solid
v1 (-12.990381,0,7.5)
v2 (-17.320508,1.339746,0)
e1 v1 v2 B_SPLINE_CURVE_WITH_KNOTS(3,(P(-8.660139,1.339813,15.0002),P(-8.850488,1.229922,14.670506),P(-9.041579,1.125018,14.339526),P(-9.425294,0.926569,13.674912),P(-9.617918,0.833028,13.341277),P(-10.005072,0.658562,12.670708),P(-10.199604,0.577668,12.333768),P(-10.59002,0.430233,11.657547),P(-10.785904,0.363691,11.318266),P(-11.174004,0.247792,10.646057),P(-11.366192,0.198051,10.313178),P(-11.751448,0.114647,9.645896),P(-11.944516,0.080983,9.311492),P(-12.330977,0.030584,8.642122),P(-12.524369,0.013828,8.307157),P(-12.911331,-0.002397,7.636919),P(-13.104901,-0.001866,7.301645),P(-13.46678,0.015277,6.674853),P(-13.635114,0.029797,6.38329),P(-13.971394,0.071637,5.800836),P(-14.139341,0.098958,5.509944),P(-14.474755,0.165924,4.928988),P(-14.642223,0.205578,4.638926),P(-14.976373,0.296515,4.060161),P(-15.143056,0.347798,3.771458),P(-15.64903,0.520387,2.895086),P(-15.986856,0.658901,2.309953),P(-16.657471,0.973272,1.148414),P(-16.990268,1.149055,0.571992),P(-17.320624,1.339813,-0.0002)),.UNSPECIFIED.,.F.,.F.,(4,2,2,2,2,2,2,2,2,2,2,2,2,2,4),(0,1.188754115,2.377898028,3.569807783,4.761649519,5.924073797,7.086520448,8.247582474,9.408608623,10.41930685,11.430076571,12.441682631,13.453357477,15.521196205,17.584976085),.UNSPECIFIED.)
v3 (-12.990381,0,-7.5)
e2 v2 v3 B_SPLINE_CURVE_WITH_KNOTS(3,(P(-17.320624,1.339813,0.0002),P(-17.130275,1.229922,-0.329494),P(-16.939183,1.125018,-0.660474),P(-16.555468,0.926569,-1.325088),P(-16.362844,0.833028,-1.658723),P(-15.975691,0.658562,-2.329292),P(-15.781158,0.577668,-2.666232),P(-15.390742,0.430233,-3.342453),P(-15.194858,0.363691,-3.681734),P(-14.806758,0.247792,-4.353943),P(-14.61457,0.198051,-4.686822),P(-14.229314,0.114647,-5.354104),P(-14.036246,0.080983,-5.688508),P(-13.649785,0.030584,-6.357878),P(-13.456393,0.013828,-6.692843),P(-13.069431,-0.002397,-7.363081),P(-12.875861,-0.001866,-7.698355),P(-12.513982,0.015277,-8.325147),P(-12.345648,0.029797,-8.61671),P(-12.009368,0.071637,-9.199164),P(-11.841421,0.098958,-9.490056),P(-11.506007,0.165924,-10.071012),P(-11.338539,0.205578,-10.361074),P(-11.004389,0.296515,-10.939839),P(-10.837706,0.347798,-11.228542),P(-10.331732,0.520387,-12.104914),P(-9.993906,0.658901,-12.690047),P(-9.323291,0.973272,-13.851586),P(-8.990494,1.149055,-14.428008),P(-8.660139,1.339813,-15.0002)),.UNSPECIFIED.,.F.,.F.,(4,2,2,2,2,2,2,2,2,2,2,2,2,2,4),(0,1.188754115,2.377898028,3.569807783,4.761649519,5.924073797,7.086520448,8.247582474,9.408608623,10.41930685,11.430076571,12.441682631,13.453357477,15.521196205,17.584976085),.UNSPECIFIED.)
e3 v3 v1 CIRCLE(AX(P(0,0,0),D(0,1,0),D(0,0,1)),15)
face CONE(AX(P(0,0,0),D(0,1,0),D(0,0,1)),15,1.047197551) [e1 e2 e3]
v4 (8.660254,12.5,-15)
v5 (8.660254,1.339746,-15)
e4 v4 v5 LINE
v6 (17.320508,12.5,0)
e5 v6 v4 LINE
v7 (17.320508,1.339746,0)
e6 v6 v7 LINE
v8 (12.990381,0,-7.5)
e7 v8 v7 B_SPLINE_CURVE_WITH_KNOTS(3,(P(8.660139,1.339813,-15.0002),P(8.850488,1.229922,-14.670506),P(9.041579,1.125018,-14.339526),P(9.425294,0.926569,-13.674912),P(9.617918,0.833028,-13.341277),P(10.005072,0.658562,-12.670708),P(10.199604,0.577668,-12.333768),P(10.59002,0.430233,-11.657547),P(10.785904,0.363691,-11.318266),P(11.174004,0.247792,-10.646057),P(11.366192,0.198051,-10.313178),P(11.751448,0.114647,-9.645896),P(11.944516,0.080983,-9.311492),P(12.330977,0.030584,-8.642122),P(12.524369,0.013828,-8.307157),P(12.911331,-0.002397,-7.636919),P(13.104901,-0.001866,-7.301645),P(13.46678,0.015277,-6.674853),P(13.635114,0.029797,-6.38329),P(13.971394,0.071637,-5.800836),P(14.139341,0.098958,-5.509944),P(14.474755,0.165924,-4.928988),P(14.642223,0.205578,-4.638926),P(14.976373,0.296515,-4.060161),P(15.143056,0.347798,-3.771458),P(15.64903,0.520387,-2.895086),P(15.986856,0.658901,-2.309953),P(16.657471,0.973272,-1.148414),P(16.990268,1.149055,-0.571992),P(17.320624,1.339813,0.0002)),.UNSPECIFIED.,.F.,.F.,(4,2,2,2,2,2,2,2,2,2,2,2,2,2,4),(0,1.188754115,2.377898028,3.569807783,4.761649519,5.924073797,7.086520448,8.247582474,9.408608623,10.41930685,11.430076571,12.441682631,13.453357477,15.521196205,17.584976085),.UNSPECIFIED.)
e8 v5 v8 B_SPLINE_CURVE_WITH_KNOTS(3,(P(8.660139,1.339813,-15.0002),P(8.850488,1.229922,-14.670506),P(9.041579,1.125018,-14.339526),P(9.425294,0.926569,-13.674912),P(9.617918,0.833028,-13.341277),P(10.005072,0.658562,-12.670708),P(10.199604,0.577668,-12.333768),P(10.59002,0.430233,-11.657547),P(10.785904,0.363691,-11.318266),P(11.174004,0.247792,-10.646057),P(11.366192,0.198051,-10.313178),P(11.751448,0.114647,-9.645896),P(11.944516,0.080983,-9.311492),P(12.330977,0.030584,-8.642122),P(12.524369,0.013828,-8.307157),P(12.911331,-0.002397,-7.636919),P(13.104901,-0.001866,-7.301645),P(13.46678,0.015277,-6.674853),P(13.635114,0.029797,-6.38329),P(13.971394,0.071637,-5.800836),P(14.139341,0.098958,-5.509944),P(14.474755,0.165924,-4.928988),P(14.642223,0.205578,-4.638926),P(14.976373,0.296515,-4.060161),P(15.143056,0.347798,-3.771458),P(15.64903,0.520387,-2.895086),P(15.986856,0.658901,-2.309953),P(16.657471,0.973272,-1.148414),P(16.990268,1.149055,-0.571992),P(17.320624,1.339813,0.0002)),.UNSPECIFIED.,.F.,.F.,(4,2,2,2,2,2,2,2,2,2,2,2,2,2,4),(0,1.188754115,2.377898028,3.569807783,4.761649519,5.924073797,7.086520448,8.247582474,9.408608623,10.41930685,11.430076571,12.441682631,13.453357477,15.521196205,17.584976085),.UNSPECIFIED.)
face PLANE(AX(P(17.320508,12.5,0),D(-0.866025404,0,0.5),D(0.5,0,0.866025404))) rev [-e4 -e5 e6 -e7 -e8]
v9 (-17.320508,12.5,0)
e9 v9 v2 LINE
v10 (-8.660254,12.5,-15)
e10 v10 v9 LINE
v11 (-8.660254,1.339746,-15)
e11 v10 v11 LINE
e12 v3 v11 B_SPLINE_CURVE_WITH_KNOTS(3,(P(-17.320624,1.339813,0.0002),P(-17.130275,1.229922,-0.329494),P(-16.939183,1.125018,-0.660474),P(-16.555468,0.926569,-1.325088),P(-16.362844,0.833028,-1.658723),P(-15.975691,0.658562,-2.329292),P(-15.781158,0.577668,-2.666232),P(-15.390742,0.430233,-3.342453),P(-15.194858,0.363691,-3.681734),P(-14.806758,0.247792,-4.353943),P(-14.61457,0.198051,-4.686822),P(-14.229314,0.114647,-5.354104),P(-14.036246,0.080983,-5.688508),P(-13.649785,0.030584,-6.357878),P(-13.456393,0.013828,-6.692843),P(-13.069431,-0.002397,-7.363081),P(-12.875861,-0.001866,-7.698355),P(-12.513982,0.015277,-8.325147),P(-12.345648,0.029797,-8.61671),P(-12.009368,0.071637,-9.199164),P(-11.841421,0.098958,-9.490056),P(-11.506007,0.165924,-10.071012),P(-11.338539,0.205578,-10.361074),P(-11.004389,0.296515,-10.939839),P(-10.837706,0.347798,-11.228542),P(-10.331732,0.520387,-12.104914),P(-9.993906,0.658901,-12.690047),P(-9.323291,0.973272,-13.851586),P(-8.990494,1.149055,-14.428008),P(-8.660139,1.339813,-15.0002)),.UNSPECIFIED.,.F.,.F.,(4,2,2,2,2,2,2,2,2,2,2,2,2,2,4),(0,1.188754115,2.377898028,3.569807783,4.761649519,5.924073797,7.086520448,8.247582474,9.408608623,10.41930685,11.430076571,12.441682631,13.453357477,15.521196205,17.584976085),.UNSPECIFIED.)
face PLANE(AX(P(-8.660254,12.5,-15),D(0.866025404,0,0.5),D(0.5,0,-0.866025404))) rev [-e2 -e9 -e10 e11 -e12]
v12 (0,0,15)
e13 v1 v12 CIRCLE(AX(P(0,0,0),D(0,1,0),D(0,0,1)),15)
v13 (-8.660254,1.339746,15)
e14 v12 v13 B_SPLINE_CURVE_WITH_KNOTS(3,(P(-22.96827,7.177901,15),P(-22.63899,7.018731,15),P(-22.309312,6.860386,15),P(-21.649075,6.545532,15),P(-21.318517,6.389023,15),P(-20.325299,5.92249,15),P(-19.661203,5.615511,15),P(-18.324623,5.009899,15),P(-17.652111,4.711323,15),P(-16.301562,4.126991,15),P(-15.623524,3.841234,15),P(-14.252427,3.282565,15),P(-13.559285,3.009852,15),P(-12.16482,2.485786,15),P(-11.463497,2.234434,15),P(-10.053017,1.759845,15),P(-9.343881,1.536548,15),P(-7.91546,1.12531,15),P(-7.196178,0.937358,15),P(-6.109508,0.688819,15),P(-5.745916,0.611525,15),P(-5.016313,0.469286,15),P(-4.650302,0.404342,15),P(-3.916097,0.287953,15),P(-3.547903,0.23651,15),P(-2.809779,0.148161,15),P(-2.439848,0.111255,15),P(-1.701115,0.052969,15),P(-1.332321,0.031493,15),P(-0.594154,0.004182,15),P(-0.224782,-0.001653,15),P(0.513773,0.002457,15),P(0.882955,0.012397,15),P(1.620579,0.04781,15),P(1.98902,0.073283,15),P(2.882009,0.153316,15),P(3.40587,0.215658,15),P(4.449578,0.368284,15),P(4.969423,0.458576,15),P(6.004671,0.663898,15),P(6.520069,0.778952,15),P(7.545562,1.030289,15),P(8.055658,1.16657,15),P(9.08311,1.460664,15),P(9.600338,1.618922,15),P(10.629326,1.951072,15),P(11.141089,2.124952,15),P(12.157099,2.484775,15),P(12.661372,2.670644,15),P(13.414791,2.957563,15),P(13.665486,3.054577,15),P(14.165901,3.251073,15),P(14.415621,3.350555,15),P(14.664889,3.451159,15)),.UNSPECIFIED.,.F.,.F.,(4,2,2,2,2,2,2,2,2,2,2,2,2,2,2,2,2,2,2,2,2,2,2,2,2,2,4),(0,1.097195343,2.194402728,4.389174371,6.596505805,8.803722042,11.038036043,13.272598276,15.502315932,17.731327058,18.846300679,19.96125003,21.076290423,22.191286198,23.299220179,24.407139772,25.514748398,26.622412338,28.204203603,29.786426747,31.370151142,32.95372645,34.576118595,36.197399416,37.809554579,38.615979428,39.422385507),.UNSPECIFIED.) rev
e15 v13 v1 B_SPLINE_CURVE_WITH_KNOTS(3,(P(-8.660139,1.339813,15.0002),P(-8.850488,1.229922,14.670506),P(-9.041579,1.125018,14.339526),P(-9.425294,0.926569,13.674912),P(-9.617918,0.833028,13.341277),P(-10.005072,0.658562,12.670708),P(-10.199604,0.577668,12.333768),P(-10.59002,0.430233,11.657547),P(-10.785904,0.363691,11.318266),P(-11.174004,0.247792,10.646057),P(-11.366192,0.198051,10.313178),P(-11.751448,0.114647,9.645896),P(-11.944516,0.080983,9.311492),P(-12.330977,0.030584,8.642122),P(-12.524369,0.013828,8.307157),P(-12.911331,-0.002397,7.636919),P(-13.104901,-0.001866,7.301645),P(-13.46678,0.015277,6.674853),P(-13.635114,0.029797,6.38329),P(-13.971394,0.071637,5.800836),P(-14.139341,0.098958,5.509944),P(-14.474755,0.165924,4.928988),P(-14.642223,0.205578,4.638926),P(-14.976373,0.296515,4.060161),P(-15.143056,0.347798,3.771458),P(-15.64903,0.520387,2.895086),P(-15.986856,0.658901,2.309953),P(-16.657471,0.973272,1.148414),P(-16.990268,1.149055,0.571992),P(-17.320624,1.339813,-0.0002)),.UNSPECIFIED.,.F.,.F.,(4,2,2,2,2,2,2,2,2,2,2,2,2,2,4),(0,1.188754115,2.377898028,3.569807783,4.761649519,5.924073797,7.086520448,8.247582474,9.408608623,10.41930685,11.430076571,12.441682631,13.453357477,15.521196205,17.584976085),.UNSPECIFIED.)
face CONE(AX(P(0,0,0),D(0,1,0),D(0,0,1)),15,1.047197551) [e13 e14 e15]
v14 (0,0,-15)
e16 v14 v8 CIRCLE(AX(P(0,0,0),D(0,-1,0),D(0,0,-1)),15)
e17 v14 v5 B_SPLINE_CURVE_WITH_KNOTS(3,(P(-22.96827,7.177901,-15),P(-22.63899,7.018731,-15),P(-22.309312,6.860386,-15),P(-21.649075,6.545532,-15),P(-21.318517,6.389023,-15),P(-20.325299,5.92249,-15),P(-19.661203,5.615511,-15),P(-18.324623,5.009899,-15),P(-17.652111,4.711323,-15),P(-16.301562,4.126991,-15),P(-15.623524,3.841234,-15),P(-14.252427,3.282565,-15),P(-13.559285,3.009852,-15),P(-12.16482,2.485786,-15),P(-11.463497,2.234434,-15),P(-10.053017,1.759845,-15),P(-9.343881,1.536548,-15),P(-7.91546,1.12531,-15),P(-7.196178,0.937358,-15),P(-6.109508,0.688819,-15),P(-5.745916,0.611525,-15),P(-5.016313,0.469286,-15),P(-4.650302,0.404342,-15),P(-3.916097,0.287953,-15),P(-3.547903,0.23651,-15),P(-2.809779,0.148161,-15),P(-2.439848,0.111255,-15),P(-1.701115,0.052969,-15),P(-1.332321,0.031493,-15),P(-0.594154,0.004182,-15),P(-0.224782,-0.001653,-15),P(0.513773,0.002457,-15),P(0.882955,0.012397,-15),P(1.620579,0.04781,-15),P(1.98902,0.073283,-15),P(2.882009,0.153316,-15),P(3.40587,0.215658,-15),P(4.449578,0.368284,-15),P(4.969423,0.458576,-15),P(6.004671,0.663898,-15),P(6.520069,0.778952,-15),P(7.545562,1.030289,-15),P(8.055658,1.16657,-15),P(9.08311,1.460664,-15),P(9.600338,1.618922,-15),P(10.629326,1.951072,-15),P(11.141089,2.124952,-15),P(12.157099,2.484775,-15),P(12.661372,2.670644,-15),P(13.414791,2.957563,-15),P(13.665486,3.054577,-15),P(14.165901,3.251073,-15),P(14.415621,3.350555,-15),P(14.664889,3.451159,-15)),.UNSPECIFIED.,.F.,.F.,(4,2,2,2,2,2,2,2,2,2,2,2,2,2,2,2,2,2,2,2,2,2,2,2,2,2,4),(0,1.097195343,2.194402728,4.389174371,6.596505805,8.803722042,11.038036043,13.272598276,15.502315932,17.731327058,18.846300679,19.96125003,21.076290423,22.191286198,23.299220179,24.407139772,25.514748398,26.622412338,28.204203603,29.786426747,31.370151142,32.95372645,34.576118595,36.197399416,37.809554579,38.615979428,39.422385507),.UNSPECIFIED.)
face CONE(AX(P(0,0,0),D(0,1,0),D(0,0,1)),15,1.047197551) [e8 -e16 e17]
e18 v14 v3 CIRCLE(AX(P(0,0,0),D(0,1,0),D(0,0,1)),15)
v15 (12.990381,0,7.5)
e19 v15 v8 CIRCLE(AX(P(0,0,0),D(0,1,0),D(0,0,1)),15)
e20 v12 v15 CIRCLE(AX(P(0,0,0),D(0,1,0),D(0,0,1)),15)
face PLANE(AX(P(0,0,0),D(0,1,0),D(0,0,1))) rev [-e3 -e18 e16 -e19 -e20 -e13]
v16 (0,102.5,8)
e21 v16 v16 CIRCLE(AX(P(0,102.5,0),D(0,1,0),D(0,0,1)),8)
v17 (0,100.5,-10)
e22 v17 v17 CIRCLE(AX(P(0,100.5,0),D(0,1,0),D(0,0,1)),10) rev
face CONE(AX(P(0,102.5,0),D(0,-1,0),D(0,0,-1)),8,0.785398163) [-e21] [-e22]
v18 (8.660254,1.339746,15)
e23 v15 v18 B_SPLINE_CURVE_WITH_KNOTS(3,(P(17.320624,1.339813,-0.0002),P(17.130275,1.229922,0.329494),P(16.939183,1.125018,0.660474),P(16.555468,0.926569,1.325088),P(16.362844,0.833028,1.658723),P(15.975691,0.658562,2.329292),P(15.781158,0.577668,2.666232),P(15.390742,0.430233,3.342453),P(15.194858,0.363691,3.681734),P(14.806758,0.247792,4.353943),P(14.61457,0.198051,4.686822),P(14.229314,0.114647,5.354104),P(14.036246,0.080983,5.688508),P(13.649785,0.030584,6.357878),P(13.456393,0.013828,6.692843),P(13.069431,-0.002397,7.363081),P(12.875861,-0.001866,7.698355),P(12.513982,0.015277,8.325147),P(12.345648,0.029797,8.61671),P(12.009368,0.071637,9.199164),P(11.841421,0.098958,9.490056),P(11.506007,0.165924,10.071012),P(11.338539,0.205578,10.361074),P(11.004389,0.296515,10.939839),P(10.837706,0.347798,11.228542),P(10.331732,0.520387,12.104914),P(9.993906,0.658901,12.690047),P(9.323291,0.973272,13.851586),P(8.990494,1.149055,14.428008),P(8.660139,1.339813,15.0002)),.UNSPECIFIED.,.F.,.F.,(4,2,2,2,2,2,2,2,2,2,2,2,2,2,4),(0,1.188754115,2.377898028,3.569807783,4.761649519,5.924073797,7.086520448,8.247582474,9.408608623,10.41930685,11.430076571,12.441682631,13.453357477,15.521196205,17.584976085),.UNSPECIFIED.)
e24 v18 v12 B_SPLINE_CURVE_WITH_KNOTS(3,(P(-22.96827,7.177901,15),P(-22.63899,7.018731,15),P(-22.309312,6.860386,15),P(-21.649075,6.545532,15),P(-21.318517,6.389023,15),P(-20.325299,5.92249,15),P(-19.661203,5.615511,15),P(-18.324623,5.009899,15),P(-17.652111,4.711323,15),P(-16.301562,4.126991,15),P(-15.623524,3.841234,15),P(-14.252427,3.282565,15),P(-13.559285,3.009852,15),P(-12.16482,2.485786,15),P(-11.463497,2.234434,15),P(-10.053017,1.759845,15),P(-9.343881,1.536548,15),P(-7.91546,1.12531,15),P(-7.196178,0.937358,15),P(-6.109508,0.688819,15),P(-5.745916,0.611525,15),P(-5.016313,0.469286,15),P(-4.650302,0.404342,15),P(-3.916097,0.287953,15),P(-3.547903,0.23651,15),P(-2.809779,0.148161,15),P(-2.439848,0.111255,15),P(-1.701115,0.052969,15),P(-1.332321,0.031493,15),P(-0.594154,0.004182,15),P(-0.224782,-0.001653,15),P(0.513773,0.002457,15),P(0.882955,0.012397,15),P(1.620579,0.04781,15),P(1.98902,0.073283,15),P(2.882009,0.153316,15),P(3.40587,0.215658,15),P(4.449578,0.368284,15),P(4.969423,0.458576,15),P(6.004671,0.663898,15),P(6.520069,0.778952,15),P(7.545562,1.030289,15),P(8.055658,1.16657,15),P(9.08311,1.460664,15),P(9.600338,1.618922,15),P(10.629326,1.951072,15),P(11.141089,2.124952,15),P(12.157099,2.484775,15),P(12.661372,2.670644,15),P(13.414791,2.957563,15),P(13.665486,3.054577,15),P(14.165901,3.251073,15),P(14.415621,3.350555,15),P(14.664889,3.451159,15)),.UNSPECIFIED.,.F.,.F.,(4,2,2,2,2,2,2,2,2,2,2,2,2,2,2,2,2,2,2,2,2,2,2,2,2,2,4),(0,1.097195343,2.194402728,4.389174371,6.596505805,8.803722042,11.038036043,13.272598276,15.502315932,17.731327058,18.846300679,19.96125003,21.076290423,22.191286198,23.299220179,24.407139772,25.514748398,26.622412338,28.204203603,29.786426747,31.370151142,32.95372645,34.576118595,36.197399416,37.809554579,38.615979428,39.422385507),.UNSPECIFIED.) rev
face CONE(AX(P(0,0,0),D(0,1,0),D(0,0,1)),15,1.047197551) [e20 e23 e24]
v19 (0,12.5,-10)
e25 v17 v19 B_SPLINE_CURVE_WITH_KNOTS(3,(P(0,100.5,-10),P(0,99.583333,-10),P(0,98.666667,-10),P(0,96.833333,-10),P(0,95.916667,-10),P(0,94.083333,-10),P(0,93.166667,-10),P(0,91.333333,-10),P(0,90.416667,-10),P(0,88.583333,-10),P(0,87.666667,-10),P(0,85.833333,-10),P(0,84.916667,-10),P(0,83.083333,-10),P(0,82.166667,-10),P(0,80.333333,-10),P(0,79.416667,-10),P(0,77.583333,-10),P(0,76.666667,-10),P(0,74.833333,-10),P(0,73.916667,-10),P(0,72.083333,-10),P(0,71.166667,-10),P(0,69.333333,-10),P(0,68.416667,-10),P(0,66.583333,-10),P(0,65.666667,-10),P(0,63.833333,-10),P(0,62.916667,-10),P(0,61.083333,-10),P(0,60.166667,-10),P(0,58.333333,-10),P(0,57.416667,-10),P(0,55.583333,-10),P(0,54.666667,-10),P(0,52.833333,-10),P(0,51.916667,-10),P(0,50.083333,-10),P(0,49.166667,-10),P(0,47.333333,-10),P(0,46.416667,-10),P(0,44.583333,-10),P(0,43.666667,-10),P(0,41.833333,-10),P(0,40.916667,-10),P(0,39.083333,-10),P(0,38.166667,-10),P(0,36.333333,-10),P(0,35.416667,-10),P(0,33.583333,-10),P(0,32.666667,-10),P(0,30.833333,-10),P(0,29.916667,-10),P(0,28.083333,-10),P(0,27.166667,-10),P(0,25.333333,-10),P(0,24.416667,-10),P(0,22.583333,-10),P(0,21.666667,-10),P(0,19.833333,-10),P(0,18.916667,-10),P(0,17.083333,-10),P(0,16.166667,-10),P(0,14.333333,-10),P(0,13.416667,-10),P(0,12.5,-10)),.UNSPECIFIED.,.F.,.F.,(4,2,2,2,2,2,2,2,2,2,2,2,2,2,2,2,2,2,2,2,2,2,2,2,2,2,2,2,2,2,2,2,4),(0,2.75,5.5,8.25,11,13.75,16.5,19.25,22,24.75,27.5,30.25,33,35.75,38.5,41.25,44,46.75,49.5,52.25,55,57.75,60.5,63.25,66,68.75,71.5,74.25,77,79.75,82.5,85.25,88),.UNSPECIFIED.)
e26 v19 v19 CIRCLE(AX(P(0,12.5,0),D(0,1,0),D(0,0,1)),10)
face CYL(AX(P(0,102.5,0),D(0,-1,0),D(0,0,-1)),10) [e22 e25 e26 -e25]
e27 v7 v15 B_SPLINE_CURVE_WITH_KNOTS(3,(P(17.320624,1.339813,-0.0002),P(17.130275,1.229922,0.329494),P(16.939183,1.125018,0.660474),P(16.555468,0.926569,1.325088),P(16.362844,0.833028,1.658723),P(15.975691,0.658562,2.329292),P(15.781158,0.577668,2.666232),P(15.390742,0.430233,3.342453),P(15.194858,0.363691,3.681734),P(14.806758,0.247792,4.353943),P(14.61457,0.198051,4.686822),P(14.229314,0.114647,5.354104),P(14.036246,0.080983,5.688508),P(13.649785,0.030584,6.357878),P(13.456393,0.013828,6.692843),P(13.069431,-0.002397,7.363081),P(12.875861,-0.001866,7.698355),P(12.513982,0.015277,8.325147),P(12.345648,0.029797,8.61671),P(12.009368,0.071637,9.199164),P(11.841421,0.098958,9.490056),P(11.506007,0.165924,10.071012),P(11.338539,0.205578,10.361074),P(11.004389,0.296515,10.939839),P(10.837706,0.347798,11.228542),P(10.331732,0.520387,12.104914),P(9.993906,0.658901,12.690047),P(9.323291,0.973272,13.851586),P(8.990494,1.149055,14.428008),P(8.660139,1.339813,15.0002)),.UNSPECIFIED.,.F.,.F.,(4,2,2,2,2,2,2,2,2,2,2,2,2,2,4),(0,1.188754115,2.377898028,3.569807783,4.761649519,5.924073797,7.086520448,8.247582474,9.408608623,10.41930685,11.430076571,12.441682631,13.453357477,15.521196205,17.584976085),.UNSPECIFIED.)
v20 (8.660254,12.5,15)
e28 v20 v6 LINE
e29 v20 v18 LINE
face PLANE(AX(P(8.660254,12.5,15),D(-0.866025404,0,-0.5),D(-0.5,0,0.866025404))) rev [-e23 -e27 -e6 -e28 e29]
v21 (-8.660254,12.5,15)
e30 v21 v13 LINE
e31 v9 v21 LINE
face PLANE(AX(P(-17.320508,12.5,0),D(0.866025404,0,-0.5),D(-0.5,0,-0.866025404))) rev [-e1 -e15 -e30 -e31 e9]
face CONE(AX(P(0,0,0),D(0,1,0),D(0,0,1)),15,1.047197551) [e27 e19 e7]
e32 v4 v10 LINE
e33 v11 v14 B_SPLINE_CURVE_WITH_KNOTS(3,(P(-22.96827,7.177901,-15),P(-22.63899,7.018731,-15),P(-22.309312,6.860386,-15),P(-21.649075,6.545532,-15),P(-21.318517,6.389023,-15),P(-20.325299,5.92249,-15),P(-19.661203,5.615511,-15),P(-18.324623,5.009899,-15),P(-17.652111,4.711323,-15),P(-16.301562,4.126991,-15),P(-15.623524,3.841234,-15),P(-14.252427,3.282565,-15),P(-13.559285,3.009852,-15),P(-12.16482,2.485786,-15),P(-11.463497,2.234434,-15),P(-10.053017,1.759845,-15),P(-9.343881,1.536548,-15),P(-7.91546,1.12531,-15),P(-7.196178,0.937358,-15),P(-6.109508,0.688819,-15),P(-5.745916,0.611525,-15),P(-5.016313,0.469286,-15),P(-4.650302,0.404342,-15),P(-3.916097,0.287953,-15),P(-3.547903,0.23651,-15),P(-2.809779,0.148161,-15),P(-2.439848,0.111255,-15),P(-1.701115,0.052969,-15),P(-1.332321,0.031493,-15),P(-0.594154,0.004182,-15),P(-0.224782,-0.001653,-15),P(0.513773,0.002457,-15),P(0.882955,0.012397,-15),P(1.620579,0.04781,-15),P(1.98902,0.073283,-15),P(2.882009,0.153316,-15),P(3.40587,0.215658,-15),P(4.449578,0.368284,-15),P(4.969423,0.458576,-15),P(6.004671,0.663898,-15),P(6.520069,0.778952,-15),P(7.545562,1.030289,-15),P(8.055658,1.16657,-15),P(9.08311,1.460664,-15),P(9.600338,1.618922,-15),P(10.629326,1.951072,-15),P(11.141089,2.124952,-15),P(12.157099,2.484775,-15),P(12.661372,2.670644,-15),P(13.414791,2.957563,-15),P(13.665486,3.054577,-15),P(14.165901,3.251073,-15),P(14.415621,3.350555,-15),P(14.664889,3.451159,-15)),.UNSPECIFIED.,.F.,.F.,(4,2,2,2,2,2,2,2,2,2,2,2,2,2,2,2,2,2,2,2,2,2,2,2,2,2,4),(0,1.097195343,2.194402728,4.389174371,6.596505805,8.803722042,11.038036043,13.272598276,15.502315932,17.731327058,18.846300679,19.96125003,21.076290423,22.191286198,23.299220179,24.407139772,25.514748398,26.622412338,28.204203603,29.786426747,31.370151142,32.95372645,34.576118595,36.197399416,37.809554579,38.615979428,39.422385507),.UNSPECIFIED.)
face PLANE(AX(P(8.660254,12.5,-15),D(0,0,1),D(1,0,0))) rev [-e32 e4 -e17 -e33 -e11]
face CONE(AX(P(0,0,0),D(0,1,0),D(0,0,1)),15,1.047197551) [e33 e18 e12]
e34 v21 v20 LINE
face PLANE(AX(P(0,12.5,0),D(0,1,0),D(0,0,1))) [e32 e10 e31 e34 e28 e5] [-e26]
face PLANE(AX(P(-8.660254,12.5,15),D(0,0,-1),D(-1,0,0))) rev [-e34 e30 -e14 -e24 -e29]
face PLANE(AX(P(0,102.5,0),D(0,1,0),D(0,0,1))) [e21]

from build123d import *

# Parameters (mm, degrees)
EXTRUDE_1_DEPTH = 12.5
SKETCH_2_R      = 10
EXTRUDE_2_DEPTH = 90
CHAMFER_1_SIZE  = 2


with BuildPart() as part:
    # 草图1 → 凸台-拉伸1 (new body)
    with BuildSketch(Plane(origin=(0, 0, 0), x_dir=(1, 0, 0), z_dir=(0, 1, 0))):
        Polygon((8.660254038, -15), (17.320508076, 0), (8.660254038, 15), (-8.660254038, 15), (-17.320508076, 0), (-8.660254038, -15), align=None)
    extrude(amount=EXTRUDE_1_DEPTH)

    # 草图2 → 凸台-拉伸2 (add)
    with BuildSketch(Plane(origin=(0, 12.5, 0), x_dir=(1, 0, 0), z_dir=(0, 1, 0))):
        with Locations(Location((0, 0, 0), (0, 0, 90))):
            Circle(SKETCH_2_R)
    extrude(amount=EXTRUDE_2_DEPTH)

    # 倒角1
    chamfer_1_edges = [part.edges().sort_by_distance(p)[0] for p in [
        (0, 102.5, 10),
    ]]
    chamfer(chamfer_1_edges, length=CHAMFER_1_SIZE)

    # 草图3 → 切除-旋转3 (revolve, cut)
    with BuildSketch(Plane(origin=(8.660254038, 0, 0), x_dir=(1, 0, 0), z_dir=(0, 0, 1))):
        Polygon((-23.660254038, 0), (-25.980762114, 1.339745962), (-25.980762114, 0), align=None)
    revolve(axis=Axis((0, 0, 0), (0, 1, 0)), mode=Mode.SUBTRACT)


solid = part.part
